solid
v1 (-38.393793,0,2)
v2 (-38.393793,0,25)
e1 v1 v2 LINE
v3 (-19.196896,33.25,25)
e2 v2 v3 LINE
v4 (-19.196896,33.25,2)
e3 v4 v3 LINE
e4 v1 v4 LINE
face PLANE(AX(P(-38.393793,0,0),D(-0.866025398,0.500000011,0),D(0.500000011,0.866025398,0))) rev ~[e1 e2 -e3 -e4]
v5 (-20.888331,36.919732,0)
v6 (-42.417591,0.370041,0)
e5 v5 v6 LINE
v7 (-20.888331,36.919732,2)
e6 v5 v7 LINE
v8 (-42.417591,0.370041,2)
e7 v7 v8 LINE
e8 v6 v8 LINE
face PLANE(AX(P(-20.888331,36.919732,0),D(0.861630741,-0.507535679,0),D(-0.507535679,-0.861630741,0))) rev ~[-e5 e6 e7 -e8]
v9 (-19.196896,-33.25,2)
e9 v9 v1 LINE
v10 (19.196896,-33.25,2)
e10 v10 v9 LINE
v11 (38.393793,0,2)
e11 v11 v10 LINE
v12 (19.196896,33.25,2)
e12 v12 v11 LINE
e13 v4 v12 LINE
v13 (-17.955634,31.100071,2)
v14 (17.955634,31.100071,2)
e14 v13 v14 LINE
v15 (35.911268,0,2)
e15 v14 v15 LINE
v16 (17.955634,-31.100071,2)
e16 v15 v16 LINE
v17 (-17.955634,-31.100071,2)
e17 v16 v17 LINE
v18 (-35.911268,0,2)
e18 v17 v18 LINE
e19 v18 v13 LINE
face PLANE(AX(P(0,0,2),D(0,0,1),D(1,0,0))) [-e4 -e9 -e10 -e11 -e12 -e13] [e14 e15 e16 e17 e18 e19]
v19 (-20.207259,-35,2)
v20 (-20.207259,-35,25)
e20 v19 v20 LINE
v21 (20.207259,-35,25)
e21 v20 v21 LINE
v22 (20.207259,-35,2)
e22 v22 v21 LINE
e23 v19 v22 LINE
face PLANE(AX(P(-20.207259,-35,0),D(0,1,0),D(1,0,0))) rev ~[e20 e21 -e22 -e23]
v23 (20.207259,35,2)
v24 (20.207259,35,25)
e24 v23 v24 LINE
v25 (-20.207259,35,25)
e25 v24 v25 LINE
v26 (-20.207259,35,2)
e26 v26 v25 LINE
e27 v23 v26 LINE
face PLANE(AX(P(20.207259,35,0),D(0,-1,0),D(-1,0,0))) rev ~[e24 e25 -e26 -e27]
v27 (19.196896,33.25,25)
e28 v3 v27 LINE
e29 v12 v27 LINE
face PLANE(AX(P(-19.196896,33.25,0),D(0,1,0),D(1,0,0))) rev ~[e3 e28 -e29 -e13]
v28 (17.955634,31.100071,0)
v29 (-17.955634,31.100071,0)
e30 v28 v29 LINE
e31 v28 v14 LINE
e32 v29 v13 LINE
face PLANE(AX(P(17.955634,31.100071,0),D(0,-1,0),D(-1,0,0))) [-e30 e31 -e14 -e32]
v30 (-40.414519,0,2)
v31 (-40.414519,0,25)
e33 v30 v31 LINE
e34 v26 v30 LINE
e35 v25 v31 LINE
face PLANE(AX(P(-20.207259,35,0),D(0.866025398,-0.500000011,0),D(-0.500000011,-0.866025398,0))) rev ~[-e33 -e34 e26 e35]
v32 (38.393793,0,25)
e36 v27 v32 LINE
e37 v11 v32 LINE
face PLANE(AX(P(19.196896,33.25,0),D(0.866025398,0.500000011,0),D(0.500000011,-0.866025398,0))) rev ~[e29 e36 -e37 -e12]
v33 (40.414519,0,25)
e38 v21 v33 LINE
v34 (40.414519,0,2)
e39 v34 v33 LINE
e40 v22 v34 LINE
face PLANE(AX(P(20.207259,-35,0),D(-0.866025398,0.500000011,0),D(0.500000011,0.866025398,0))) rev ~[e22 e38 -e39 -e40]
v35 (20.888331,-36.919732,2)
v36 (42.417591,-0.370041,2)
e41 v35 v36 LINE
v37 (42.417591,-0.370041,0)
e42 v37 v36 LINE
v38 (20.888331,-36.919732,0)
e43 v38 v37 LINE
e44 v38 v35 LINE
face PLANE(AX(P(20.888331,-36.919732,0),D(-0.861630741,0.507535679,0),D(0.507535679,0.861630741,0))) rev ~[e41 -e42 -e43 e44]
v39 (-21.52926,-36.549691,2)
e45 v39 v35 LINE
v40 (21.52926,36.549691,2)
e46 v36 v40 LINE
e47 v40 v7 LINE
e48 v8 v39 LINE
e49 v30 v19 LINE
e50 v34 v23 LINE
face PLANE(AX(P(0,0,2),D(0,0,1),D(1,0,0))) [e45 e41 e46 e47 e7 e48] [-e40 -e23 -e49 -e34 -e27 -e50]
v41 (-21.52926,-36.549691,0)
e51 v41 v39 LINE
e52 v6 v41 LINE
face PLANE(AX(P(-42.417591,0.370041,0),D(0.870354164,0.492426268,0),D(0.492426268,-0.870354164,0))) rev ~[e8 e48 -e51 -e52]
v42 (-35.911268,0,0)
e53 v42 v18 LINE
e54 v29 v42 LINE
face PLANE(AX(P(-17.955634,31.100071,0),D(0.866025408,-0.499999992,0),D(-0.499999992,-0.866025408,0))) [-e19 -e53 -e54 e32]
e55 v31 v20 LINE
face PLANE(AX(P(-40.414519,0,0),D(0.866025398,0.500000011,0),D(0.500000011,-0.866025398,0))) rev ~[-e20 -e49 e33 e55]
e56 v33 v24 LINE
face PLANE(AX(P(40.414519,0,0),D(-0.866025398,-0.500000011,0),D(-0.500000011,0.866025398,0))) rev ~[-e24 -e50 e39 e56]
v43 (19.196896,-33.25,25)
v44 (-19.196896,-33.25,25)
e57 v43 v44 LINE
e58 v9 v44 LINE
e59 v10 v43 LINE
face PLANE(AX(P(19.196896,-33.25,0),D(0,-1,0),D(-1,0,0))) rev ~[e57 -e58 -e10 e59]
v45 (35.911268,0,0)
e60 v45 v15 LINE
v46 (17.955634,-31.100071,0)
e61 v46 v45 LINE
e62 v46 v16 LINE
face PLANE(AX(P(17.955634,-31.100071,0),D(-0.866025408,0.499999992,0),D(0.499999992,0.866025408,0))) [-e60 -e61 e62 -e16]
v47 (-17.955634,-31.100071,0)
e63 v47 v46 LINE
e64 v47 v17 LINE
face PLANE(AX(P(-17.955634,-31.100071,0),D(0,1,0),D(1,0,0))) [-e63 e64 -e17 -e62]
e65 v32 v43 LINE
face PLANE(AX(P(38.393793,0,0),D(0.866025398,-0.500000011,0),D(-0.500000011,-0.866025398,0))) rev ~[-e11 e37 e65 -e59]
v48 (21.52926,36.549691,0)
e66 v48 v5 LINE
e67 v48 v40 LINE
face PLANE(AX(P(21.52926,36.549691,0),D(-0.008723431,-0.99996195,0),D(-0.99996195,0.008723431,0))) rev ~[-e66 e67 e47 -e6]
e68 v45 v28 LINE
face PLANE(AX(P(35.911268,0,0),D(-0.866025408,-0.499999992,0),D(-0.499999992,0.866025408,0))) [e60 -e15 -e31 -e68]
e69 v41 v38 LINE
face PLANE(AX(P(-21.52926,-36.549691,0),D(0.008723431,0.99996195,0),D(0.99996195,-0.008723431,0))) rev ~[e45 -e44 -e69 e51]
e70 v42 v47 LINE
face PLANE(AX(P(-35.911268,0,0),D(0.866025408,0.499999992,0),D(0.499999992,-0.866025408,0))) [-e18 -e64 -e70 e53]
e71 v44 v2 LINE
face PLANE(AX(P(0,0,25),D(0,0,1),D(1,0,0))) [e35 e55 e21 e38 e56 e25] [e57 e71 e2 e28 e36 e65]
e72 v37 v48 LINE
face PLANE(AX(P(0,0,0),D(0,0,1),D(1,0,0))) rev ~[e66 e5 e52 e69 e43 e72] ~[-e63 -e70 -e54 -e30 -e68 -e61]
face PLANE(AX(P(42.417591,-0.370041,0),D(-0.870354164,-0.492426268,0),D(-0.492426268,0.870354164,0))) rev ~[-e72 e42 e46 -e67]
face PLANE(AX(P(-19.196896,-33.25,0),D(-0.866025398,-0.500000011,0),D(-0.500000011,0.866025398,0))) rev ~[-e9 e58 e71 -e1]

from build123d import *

# Parameters (mm, degrees)
F1_DEPTH = 25
F3_DEPTH = 2
F5_DEPTH = 15.1


with BuildPart() as f1:
    # F0 (on Top) → F1 (new body)
    with BuildSketch(Plane.XY):
        Polygon((20.207259, -35), (40.414519, 0), (20.207259, 35), (-20.207259, 35), (-40.414519, 0), (-20.207259, -35), align=None)
        Polygon((19.196896, 33.25), (38.393793, 0), (19.196896, -33.25), (-19.196896, -33.25), (-38.393793, 0), (-19.196896, 33.25), align=None, mode=Mode.SUBTRACT)
    extrude(amount=F1_DEPTH)

    # F2 (on Top) → F3 (join)
    with BuildSketch(Plane.XY):
        Polygon((20.888331, -36.919732), (42.417591, -0.370041), (21.52926, 36.549691), (-20.888331, 36.919732), (-42.417591, 0.370041), (-21.52926, -36.549691), align=None)
    extrude(amount=F3_DEPTH)

    # F4 (on Top) → F5 (cut)
    with BuildSketch(Plane.XY):
        Polygon((17.955634, -31.100071), (35.911268, 0), (17.955634, 31.100071), (-17.955634, 31.100071), (-35.911268, 0), (-17.955634, -31.100071), align=None)
    extrude(amount=F5_DEPTH, mode=Mode.SUBTRACT)


solid = f1.part
